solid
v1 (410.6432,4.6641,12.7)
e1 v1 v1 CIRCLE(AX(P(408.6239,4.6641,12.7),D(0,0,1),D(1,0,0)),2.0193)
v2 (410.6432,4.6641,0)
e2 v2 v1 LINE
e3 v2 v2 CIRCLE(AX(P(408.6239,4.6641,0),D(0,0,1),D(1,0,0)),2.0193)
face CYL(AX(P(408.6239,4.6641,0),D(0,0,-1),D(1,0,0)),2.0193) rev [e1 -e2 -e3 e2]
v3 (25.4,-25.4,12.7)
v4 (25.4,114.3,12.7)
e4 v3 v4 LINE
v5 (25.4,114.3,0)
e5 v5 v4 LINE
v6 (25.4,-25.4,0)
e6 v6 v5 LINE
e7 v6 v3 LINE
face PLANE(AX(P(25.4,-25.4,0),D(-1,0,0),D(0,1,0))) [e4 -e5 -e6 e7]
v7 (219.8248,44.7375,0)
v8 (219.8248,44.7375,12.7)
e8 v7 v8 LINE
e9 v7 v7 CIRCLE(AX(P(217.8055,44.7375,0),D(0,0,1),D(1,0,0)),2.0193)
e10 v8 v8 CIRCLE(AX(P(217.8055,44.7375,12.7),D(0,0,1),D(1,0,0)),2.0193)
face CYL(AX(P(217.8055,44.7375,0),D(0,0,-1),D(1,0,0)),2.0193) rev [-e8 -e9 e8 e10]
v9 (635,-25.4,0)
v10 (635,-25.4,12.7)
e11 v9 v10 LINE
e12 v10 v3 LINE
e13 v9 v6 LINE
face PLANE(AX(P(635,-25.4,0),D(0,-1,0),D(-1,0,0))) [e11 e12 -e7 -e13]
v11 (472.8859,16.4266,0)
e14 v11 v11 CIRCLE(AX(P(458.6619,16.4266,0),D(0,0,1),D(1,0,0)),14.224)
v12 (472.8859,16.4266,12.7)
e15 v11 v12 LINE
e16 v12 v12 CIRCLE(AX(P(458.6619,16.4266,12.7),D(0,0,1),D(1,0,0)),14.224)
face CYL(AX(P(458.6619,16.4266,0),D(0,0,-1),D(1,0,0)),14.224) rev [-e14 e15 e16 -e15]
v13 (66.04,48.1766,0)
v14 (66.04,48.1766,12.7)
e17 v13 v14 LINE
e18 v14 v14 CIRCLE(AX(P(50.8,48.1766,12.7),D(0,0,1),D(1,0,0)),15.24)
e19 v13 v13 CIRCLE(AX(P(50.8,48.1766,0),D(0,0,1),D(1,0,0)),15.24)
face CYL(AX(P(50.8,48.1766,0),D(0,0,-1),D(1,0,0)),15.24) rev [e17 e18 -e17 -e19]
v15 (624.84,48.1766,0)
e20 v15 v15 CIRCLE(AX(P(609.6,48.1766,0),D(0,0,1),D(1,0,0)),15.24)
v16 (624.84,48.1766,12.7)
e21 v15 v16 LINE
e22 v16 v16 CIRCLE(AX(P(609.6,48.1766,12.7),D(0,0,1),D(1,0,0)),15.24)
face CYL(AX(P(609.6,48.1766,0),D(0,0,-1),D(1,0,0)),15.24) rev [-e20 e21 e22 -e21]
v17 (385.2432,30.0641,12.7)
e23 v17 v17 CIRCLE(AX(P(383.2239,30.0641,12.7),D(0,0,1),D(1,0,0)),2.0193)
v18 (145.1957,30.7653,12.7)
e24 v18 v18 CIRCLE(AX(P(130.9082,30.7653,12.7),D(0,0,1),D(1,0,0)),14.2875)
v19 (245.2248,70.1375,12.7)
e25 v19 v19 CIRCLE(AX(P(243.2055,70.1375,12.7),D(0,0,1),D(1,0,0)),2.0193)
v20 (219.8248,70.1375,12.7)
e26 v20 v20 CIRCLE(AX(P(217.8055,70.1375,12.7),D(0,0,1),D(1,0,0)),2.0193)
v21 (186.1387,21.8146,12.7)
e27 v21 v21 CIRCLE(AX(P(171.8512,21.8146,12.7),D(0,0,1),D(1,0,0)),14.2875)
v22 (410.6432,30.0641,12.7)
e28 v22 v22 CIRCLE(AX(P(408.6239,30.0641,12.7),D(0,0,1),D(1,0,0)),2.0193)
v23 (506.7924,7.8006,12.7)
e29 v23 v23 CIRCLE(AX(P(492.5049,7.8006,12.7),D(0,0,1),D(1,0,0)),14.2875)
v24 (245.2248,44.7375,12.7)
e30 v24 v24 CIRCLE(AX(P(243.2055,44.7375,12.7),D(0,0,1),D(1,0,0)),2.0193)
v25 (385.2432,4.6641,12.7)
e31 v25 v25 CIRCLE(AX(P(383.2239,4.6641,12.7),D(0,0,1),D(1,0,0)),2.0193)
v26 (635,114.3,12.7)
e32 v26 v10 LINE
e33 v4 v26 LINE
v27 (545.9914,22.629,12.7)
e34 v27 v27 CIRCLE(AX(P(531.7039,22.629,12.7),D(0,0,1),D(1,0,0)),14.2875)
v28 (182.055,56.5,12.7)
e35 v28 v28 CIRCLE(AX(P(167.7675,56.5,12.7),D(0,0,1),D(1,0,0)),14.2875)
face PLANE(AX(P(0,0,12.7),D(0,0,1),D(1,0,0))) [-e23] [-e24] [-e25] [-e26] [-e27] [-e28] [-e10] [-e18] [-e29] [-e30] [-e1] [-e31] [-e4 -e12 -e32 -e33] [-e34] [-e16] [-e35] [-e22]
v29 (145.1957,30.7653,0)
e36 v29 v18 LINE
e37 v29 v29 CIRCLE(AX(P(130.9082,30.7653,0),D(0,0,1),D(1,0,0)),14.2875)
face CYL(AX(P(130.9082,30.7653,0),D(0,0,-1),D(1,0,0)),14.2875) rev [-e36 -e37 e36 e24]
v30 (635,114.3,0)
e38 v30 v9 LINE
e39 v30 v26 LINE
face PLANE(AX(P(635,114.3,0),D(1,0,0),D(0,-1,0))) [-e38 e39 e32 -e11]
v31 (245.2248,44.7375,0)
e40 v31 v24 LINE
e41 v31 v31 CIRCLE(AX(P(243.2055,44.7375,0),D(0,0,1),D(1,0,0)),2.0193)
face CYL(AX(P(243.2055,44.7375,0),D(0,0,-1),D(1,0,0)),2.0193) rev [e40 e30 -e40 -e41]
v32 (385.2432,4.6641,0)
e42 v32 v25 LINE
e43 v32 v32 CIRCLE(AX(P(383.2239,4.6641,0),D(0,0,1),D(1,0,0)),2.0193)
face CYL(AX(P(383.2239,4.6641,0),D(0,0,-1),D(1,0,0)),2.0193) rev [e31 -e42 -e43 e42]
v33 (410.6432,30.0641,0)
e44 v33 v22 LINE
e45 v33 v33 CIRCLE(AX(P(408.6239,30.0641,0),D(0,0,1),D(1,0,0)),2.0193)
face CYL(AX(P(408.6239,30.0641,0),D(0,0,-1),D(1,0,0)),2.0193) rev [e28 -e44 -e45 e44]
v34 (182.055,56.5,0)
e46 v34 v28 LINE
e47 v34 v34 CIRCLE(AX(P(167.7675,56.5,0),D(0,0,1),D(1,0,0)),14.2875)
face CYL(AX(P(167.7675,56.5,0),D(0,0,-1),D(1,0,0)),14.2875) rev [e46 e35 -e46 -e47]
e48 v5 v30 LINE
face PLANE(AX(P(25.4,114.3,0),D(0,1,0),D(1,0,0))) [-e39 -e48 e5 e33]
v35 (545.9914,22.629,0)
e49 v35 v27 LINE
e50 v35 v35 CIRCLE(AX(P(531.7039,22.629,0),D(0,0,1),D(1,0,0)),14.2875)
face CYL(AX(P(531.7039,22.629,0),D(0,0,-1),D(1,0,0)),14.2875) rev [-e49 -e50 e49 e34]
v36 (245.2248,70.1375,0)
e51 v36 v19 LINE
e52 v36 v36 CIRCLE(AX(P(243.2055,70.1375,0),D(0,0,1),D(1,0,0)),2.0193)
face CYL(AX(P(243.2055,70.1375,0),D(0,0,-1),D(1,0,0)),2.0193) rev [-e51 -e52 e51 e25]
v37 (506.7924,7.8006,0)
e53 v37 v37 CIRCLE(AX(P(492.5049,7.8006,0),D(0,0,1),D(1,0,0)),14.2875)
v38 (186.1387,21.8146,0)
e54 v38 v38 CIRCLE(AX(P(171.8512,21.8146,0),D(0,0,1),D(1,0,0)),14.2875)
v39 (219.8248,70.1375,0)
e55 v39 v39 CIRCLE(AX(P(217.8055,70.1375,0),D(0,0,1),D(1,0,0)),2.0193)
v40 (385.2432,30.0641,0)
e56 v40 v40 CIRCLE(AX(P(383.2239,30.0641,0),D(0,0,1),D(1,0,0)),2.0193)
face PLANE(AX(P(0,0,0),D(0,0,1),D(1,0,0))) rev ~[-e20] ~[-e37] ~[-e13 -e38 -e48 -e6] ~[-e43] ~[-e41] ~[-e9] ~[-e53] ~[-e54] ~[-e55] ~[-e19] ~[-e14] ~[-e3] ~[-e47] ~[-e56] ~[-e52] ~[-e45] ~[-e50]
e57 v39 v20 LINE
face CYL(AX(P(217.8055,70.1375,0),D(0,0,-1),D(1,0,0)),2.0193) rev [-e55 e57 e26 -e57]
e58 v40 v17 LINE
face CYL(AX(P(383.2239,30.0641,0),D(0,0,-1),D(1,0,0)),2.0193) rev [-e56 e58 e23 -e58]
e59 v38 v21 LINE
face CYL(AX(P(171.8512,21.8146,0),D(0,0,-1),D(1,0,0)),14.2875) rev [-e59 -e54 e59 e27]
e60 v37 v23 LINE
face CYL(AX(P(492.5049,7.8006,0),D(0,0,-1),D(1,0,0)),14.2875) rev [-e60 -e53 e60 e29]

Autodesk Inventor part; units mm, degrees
ref_plane "YZ Plane" through (0, 0, 0) normal (1, 0, 0) x (0, 1, 0)
ref_plane "XZ Plane" through (0, 0, 0) normal (0, 1, 0) x (-1, 0, 0)
ref_plane "XY Plane" through (0, 0, 0) normal (0, 0, 1) x (1, 0, 0)
sketch "Chassis" plane through (0, 0, 0) normal (0, 0, 1) x (1, 0, 0)
  line L0 (0, 0) -> (660.4, 0) construction
  line L1 (660.4, 0) -> (660.4, 152.4) construction
  line L2 (660.4, 152.4) -> (0, 152.4) construction
  line L3 (0, 152.4) -> (0, 0) construction
  line L4 (50.8, 127) -> (609.6, 127) construction
  line L5 (635, 101.6) -> (635, 50.8) construction
  line L6 (609.6, 25.4) -> (50.8, 25.4) construction
  line L7 (25.4, 50.8) -> (25.4, 101.6) construction
  arc A0 (50.8, 127) -> (25.4, 101.6) centre (50.8, 101.6) ccw construction
  arc A1 (25.4, 50.8) -> (50.8, 25.4) centre (50.8, 50.8) ccw construction
  arc A2 (609.6, 25.4) -> (635, 50.8) centre (609.6, 50.8) ccw construction
  arc A3 (635, 101.6) -> (609.6, 127) centre (609.6, 101.6) ccw construction
  dimension "d0" = 660.4
  dimension "d1" = 152.4
  dimension "d3" = 25.4
  dimension "d4" = 25.4
sketch "Motor and motor mount" plane through (0, 0, 0) normal (0, 0, 1) x (1, 0, 0)
  line L0 (152.5322, 25.4) -> (519.6657, 25.4) construction
  line L1 (519.6657, 25.4) -> (519.6657, 127) construction
  line L2 (519.6657, 127) -> (152.5322, 127) construction
  line L3 (152.5322, 127) -> (152.5322, 25.4) construction
  line L4 (152.5322, 31.75) -> (519.6657, 31.75) construction
  line L5 (168.5983, 31.75) -> (502.5549, 31.75) construction
  line L6 (502.5549, 31.75) -> (502.5549, 131.1076) construction
  line L7 (502.5549, 131.1076) -> (168.5983, 131.1076) construction
  line L8 (168.5983, 131.1076) -> (168.5983, 31.75) construction
  circle A0 centre (459.6569, 62.4006) radius 45.974 construction
  line L9 (50.8, 127) -> (609.6, 127) construction
  line L10 (168.5983, 121.0746) -> (502.5549, 121.0746) construction
  line L11 (76.2661, 152.2106) -> (76.2661, 127) construction
  line L12 (0, 152.4) -> (0, 0) construction
  line L13 (609.6, 25.4) -> (50.8, 25.4) construction
  circle A1 centre (459.6569, 62.4006) radius 6.35 construction
  point P0 (76.2661, 139.6053)
  dimension "d77" = 13.97
  dimension "d5" = 367.1334
  dimension "d6" = 101.6
  dimension "d8" = 6.35
  dimension "d9" = 333.9566
  dimension "d10" = 17.1108
  dimension "d12" = 42.898
  dimension "d14" = 4.1076
  dimension "d15" = 5.9254
  dimension "d16" = 58.674
  dimension "d17" = 76.2661
  dimension "d18" = 76.2661
  dimension "d19" = 91.948
  dimension "d20" = 12.7
sketch "Flipper drive rails" plane through (0, 0, 0) normal (0, 0, 1) x (1, 0, 0)
  circle A0 centre (609.6, 48.1766) radius 12.7 construction
  line L0 (660.4, 0) -> (660.4, 152.4) construction
  line L1 (0, 0) -> (660.4, 0) construction
  circle A1 centre (50.8, 48.1766) radius 12.7 construction
  line L2 (0, 152.4) -> (0, 0) construction
  circle A2 centre (50.8, 48.1766) radius 58.166 construction
  circle A3 centre (609.6, 48.1766) radius 58.166 construction
  circle A4 centre (459.6569, 62.4006) radius 45.974 construction
  dimension "d21" = 25.4
  dimension "d22" = 50.8
  dimension "d24" = 25.4
  dimension "d25" = 50.8
  dimension "d27" = 116.332
  dimension "d28" = 116.332
  dimension "d49" = 14.224
sketch "Flipper Gears" plane through (0, 0, 0) normal (0, 0, 1) x (1, 0, 0)
  circle A0 centre (171.8512, 21.8146) radius 19.05 construction
  circle A1 centre (167.7675, 56.5) radius 15.875 construction
  circle A2 centre (130.9082, 30.7653) radius 22.86 construction
  circle A3 centre (130.9082, 30.7653) radius 23.8125 construction
  circle A4 centre (50.8, 48.1766) radius 58.166 construction
  circle A5 centre (609.6, 48.1766) radius 12.7 construction
  circle A6 centre (609.6, 48.1766) radius 86.36 construction
  circle A7 centre (531.7039, 22.629) radius 23.8125 construction
  circle A8 centre (531.7039, 22.629) radius 22.86 construction
  circle A9 centre (492.5049, 7.8006) radius 19.05 construction
  circle A10 centre (458.6619, 16.4266) radius 15.875 construction
  line L0 (203.8355, 81.25) -> (347.5395, 81.25) construction
  line L1 (347.5395, 81.25) -> (347.5395, 31.75) construction
  line L2 (347.5395, 31.75) -> (203.8355, 31.75) construction
  line L3 (203.8355, 31.75) -> (203.8355, 81.25) construction
  line L4 (422.5939, 16.4266) -> (458.6619, 16.4266) construction
  line L5 (167.7675, 56.5) -> (203.8355, 56.5) construction
  line L6 (278.8899, 41.1766) -> (422.5939, 41.1766) construction
  line L7 (422.5939, 41.1766) -> (422.5939, -8.3234) construction
  line L8 (422.5939, -8.3234) -> (278.8899, -8.3234) construction
  line L9 (278.8899, -8.3234) -> (278.8899, 41.1766) construction
  circle A11 centre (50.8, 48.1766) radius 86.36 construction
  line L10 (50.8, 48.1766) -> (609.6, 48.1766) construction
  line L11 (50.8, -50.8834) -> (609.6, -50.8834) construction
  line L12 (609.6, 147.2366) -> (50.8, 147.2366) construction
  arc A12 (50.8, 147.2366) -> (50.8, -50.8834) centre (50.8, 48.1766) ccw construction
  arc A13 (609.6, -50.8834) -> (609.6, 147.2366) centre (609.6, 48.1766) ccw construction
  circle A14 centre (50.8, 48.1766) radius 99.06 construction
  line L13 (50.8, 48.1766) -> (609.6, 48.1766) construction
  line L14 (50.8, -38.1834) -> (609.6, -38.1834) construction
  line L15 (609.6, 134.5366) -> (50.8, 134.5366) construction
  arc A15 (50.8, 134.5366) -> (50.8, -38.1834) centre (50.8, 48.1766) ccw construction
  arc A16 (609.6, -38.1834) -> (609.6, 134.5366) centre (609.6, 48.1766) ccw construction
  circle A17 centre (130.9082, 30.7653) radius 14.2875
  circle A18 centre (171.8512, 21.8146) radius 14.2875
  circle A19 centre (167.7675, 56.5) radius 14.2875
  circle A20 centre (458.6619, 16.4266) radius 14.224
  circle A21 centre (492.5049, 7.8006) radius 14.2875
  circle A22 centre (531.7039, 22.629) radius 14.2875
  circle A23 centre (50.8, 48.1766) radius 15.24
  circle A24 centre (609.6, 48.1766) radius 15.24
  circle A25 centre (217.8055, 70.1375) radius 2.0193
  circle A26 centre (243.2055, 70.1375) radius 2.0193
  circle A27 centre (217.8055, 44.7375) radius 2.0193
  circle A28 centre (243.2055, 44.7375) radius 2.0193
  circle A29 centre (408.6239, 30.0641) radius 2.0193
  circle A30 centre (408.6239, 4.6641) radius 2.0193
  circle A31 centre (383.2239, 30.0641) radius 2.0193
  circle A32 centre (383.2239, 4.6641) radius 2.0193
  circle A33 centre (609.6, 48.1766) radius 58.166 construction
  line L16 (168.5983, 31.75) -> (502.5549, 31.75) construction
  point P0 (0, 0)
  point P1 (330.2, 48.1766)
  point P2 (330.2, 48.1766)
  dimension "d29" = 38.1
  dimension "d30" = 31.75
  dimension "d31" = 45.72
  dimension "d32" = 47.625
  dimension "d34" = 172.72
  dimension "d35" = 47.625
  dimension "d36" = 45.72
  dimension "d37" = 38.1
  dimension "d38" = 31.75
  dimension "d39" = 143.704
  dimension "d43" = 36.068
  dimension "d50" = 31.75
  dimension "d52" = 143.704
  dimension "d54" = 36.068
  dimension "d60" = 172.72
  dimension "d62" = 12.7
  dimension "d63" = 28.575
  dimension "d64" = 28.575
  dimension "d65" = 28.575
  dimension "d66" = 28.448
  dimension "d67" = 28.575
  dimension "d68" = 28.575
  dimension "d69" = 30.48
  dimension "d70" = 30.48
  dimension "d76" = 4.0386
  dimension "d77" = 13.97
  dimension "d78" = 11.1125
  dimension "d81" = 25.4
  dimension "d84" = 25.4
  dimension "d87" = 4.0386
  dimension "d88" = 13.97
  dimension "d89" = 11.1125
  dimension "d92" = 25.4
  dimension "d95" = 25.4
  dimension "d98" = 116.332
  dimension "d99" = 49.5
sketch "Flipper" plane through (0, 0, 0) normal (0, 0, 1) x (1, 0, 0)
  circle A0 centre (50.8, 48.1766) radius 63.5 construction
  circle A1 centre (-195.1482, 3.0916) radius 41.275 construction
  circle A2 centre (50.8, 48.1766) radius 86.36 construction
  line L0 (-195.1482, -38.1834) -> (50.8, -38.1834) construction
  point P0 (0, 0)
  point P1 (609.6, 48.1766)
  dimension "d57" = 82.55
  dimension "d58" = 172.72
  dimension "d56" = 127
  dimension "d59" = 245.9482
sketch "Sketch6" plane through (0, 0, 0) normal (0, 0, 1) x (1, 0, 0)
  line L0 (25.4, 114.3) -> (635, 114.3)
  line L1 (635, 114.3) -> (635, -25.4)
  line L2 (635, -25.4) -> (25.4, -25.4)
  line L3 (25.4, -25.4) -> (25.4, 114.3)
  circle A0 centre (609.6, 48.1766) radius 15.24 projected
  circle A1 centre (50.8, 48.1766) radius 15.24 projected
  circle A2 centre (130.9082, 30.7653) radius 14.2875 projected
  circle A3 centre (171.8512, 21.8146) radius 14.2875 projected
  circle A4 centre (167.7675, 56.5) radius 14.2875 projected
  circle A5 centre (458.6619, 16.4266) radius 14.224 projected
  circle A6 centre (492.5049, 7.8006) radius 14.2875 projected
  circle A7 centre (531.7039, 22.629) radius 14.2875 projected
  circle A8 centre (217.8055, 70.1375) radius 2.0193 projected
  circle A9 centre (217.8055, 44.7375) radius 2.0193 projected
  circle A10 centre (243.2055, 44.7375) radius 2.0193 projected
  circle A11 centre (243.2055, 70.1375) radius 2.0193 projected
  circle A12 centre (383.2239, 30.0641) radius 2.0193 projected
  circle A13 centre (408.6239, 30.0641) radius 2.0193 projected
  circle A14 centre (383.2239, 4.6641) radius 2.0193 projected
  circle A15 centre (408.6239, 4.6641) radius 2.0193 projected
  line L4 (50.8, 127) -> (609.6, 127) construction
  point P0 (0, 0)
  dimension "d72" = 139.7
  dimension "d73" = 25.4
  dimension "d101" = 12.7
  dimension "d104" = 25.4
extrude "Extrusion1" add sketch "Sketch6" along normal blind 12.7
properties part number "MasterSketch"
